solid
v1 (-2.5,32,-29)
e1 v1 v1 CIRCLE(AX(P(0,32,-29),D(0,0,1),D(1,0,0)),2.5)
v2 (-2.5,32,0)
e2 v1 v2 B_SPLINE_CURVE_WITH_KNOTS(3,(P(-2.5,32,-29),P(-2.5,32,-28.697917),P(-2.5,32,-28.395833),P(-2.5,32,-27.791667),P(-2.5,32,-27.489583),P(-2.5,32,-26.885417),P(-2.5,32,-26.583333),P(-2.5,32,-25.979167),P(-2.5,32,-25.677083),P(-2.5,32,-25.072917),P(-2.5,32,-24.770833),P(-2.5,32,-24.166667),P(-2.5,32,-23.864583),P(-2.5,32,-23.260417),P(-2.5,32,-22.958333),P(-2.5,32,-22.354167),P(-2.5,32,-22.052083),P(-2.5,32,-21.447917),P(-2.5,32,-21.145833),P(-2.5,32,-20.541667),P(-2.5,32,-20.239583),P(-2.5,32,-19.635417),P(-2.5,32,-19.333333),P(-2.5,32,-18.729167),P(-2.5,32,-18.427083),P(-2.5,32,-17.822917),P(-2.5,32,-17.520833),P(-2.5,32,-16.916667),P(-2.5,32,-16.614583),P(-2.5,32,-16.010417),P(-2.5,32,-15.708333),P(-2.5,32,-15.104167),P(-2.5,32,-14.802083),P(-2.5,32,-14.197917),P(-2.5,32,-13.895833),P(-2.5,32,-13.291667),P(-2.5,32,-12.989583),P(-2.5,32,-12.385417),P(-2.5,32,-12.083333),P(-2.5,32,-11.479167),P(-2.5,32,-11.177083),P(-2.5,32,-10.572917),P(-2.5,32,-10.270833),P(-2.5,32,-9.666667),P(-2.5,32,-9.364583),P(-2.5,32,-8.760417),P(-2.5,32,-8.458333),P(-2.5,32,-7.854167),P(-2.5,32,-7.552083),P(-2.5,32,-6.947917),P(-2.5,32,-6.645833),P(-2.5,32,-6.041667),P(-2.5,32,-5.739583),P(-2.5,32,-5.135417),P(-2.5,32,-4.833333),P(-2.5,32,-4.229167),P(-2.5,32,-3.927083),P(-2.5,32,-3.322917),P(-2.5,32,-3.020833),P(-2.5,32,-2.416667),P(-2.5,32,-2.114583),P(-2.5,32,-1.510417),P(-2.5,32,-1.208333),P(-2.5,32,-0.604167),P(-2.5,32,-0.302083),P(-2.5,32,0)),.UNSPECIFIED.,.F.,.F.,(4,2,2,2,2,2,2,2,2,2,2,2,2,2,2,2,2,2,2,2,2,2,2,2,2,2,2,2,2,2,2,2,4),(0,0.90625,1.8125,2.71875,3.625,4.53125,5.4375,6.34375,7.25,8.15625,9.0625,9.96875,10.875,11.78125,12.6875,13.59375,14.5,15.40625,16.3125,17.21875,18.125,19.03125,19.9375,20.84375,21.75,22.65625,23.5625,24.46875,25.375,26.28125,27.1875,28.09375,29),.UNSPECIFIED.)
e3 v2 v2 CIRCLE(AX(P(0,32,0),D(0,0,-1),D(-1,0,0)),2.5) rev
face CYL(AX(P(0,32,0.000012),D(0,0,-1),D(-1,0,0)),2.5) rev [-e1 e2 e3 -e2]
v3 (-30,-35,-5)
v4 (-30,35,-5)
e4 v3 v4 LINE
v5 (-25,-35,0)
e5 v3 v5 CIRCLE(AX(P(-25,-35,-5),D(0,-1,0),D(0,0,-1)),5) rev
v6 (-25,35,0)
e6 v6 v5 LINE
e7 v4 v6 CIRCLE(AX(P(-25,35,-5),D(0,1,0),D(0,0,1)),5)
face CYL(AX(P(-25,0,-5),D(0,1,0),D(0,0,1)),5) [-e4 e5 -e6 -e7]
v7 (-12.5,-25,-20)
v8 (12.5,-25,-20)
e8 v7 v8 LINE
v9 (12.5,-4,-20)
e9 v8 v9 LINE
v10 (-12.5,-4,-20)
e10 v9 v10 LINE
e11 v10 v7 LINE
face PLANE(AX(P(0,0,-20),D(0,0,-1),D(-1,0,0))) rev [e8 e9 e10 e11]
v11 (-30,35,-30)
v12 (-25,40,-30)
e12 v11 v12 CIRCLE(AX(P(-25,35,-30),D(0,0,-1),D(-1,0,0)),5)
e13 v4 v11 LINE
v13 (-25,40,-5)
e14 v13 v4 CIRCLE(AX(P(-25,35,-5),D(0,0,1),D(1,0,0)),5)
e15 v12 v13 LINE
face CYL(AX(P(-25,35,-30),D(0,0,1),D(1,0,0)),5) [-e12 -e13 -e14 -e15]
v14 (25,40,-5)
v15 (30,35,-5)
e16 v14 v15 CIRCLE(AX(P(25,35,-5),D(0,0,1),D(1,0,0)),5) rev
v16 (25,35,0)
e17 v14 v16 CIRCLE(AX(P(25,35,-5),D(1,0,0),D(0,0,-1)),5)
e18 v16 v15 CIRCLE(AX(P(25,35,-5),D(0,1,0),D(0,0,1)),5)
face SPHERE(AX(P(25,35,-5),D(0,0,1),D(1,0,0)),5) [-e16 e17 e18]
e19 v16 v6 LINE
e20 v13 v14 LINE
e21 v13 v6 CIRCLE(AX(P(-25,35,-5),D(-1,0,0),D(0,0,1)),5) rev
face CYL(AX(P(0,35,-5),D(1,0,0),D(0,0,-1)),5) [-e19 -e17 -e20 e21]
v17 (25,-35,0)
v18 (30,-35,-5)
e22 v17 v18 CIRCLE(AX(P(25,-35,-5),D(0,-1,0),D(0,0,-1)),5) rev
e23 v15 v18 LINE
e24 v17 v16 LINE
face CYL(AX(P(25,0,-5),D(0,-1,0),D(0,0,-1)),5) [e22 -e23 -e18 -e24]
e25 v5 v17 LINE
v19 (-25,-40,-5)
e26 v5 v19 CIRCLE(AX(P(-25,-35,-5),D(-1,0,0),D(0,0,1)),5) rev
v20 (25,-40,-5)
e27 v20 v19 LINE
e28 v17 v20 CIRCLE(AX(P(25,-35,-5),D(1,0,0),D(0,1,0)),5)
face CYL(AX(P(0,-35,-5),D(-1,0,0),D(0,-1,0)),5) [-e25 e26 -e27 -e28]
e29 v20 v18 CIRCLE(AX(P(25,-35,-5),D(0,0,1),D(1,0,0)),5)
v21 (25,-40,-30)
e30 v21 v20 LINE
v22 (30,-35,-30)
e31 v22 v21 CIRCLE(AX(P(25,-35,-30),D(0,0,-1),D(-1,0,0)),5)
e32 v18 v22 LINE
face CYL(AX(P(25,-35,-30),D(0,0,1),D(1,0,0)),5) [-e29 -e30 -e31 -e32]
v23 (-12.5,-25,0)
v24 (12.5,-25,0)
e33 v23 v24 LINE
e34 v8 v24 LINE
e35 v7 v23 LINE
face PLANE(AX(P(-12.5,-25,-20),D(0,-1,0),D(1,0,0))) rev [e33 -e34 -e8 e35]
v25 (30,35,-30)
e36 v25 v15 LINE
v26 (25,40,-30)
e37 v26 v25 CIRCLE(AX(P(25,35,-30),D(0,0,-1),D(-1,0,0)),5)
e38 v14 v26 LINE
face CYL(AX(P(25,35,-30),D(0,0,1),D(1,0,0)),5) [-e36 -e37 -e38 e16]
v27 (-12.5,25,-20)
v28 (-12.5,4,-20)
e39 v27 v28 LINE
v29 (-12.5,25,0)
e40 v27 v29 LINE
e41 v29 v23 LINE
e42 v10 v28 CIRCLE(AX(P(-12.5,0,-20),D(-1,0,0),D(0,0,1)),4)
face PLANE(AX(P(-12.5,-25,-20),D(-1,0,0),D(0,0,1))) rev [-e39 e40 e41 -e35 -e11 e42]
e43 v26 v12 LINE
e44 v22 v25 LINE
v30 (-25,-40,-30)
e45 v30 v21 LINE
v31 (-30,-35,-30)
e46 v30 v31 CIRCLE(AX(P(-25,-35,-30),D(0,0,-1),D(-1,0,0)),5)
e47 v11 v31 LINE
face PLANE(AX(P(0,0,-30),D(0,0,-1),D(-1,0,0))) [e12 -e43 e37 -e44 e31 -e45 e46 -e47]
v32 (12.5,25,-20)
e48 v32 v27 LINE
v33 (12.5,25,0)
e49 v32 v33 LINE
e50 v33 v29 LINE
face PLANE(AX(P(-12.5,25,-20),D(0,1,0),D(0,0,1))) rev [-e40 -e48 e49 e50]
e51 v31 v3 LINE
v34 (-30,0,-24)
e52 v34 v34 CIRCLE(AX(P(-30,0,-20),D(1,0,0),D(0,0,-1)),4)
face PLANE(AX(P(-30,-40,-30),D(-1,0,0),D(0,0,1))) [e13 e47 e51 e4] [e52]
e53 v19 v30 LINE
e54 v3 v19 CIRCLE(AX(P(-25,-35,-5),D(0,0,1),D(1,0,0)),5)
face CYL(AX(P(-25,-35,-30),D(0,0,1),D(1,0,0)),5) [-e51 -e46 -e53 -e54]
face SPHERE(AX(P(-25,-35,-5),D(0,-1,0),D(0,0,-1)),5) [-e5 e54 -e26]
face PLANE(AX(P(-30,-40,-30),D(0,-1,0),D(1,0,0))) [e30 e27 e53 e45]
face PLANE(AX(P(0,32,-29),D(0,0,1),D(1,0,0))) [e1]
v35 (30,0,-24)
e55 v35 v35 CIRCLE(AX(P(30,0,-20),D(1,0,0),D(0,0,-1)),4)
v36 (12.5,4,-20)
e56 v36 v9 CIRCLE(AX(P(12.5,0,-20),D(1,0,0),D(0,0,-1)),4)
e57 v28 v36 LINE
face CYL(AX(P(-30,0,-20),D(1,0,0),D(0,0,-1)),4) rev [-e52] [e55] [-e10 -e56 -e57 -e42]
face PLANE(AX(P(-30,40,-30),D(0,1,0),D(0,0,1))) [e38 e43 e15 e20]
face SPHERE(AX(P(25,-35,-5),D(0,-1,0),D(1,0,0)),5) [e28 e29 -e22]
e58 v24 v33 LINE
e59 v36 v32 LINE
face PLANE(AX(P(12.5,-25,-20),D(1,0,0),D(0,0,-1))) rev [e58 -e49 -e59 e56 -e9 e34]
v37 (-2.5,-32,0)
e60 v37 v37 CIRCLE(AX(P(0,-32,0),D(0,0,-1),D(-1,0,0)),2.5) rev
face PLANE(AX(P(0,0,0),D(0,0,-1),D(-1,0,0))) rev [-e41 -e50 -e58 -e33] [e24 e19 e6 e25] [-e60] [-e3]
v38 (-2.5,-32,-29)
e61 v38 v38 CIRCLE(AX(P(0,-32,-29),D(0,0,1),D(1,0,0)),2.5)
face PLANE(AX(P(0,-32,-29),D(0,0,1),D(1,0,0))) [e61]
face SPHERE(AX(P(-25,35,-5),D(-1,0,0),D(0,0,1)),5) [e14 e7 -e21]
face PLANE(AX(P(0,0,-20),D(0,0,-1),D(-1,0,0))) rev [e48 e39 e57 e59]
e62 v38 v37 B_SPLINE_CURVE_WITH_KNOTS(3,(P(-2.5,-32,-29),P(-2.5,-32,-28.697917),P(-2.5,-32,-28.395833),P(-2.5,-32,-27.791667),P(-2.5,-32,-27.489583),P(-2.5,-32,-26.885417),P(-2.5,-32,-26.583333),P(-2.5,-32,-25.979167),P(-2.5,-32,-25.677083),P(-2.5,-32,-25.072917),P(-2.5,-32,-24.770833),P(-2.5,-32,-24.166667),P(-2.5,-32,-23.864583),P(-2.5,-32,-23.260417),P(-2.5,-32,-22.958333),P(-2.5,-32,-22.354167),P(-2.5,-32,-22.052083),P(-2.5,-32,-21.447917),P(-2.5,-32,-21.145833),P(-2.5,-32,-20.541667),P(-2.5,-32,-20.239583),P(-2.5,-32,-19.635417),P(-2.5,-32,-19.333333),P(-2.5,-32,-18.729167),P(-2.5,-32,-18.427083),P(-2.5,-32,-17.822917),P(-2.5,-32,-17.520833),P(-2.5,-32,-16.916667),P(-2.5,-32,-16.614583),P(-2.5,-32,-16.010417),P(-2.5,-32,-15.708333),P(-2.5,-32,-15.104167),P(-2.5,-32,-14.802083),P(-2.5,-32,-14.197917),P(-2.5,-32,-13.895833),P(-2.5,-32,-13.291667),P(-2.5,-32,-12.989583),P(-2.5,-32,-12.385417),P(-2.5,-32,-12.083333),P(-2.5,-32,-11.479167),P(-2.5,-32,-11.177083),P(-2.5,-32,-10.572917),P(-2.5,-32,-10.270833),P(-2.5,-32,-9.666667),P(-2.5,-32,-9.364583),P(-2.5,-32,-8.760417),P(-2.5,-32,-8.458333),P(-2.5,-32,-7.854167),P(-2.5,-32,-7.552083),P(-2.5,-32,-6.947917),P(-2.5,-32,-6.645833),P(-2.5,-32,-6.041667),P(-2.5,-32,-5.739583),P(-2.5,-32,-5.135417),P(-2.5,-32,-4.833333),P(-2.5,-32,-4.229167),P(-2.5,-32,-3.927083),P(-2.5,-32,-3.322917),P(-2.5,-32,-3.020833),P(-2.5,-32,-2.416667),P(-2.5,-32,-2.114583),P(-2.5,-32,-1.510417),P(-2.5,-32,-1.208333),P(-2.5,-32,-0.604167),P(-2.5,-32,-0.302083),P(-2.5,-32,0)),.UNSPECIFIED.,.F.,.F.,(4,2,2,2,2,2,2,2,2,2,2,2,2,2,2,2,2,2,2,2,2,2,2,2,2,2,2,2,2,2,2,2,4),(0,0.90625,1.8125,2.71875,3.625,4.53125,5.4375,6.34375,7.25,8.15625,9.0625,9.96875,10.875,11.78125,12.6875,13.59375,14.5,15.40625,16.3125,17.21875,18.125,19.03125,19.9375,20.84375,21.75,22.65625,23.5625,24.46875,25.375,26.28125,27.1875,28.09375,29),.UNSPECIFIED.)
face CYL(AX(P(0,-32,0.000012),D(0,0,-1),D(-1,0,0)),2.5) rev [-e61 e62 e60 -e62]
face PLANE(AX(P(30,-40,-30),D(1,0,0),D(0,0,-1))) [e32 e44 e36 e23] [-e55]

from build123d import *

# Parameters (mm, degrees)
SKETCH1_W               = 60
SKETCH1_H               = 80
BOSS_EXTRUDE1_DEPTH     = 30
SKETCH2_W               = 25
SKETCH2_H               = 50
CUT_EXTRUDE1_DEPTH      = 20
CUT_EXTRUDE3_DEPTH      = 59.309518948
CUT_EXTRUDE3_DEPTH_BACK = 59.309518948
SKETCH4_R               = 4
CUT_EXTRUDE4_DEPTH      = 59.309518948
CUT_EXTRUDE4_DEPTH_BACK = 29
SKETCH5_R               = 2.5
FILLET1_R               = 5


with BuildPart() as part:
    # Sketch1 → Boss-Extrude1 (new body)
    with BuildSketch(Plane.XY):
        Rectangle(SKETCH1_W, SKETCH1_H)
    extrude(amount=-BOSS_EXTRUDE1_DEPTH)

    # Sketch2 → Cut-Extrude1 (cut)
    with BuildSketch(Plane.XY):
        Rectangle(SKETCH2_W, SKETCH2_H)
    extrude(amount=-CUT_EXTRUDE1_DEPTH, mode=Mode.SUBTRACT)

    # Sketch4 → Cut-Extrude3 (cut, two sides: drawn at the far end of the back side and taken through both)
    with BuildSketch(Plane(origin=(0, 0, 0), x_dir=(0, 0, -1), z_dir=(1, 0, 0)).offset(-CUT_EXTRUDE3_DEPTH_BACK)):
        with Locations((20, 0)):
            Circle(SKETCH4_R)
    extrude(amount=CUT_EXTRUDE3_DEPTH + CUT_EXTRUDE3_DEPTH_BACK, mode=Mode.SUBTRACT)

    # Sketch5 → Cut-Extrude4 (cut, two sides: drawn at the far end of the back side and taken through both)
    with BuildSketch(Plane.XY.offset(-CUT_EXTRUDE4_DEPTH_BACK)):
        with Locations(Location((0, 32, 0), (0, 0, 180))):
            Circle(SKETCH5_R)
        with Locations(Location((0, -32, 0), (0, 0, 180))):
            Circle(SKETCH5_R)
    extrude(amount=CUT_EXTRUDE4_DEPTH + CUT_EXTRUDE4_DEPTH_BACK, mode=Mode.SUBTRACT)

    # Fillet1
    fillet1_edges = [part.edges().sort_by_distance(p)[0] for p in [
        (0, -40, 0),
        (-30, 0, 0),
        (0, 40, 0),
        (30, 0, 0),
        (30, -40, -15),
        (-30, -40, -15),
        (-30, 40, -15),
        (30, 40, -15),
    ]]
    fillet(fillet1_edges, radius=FILLET1_R)


solid = part.part
